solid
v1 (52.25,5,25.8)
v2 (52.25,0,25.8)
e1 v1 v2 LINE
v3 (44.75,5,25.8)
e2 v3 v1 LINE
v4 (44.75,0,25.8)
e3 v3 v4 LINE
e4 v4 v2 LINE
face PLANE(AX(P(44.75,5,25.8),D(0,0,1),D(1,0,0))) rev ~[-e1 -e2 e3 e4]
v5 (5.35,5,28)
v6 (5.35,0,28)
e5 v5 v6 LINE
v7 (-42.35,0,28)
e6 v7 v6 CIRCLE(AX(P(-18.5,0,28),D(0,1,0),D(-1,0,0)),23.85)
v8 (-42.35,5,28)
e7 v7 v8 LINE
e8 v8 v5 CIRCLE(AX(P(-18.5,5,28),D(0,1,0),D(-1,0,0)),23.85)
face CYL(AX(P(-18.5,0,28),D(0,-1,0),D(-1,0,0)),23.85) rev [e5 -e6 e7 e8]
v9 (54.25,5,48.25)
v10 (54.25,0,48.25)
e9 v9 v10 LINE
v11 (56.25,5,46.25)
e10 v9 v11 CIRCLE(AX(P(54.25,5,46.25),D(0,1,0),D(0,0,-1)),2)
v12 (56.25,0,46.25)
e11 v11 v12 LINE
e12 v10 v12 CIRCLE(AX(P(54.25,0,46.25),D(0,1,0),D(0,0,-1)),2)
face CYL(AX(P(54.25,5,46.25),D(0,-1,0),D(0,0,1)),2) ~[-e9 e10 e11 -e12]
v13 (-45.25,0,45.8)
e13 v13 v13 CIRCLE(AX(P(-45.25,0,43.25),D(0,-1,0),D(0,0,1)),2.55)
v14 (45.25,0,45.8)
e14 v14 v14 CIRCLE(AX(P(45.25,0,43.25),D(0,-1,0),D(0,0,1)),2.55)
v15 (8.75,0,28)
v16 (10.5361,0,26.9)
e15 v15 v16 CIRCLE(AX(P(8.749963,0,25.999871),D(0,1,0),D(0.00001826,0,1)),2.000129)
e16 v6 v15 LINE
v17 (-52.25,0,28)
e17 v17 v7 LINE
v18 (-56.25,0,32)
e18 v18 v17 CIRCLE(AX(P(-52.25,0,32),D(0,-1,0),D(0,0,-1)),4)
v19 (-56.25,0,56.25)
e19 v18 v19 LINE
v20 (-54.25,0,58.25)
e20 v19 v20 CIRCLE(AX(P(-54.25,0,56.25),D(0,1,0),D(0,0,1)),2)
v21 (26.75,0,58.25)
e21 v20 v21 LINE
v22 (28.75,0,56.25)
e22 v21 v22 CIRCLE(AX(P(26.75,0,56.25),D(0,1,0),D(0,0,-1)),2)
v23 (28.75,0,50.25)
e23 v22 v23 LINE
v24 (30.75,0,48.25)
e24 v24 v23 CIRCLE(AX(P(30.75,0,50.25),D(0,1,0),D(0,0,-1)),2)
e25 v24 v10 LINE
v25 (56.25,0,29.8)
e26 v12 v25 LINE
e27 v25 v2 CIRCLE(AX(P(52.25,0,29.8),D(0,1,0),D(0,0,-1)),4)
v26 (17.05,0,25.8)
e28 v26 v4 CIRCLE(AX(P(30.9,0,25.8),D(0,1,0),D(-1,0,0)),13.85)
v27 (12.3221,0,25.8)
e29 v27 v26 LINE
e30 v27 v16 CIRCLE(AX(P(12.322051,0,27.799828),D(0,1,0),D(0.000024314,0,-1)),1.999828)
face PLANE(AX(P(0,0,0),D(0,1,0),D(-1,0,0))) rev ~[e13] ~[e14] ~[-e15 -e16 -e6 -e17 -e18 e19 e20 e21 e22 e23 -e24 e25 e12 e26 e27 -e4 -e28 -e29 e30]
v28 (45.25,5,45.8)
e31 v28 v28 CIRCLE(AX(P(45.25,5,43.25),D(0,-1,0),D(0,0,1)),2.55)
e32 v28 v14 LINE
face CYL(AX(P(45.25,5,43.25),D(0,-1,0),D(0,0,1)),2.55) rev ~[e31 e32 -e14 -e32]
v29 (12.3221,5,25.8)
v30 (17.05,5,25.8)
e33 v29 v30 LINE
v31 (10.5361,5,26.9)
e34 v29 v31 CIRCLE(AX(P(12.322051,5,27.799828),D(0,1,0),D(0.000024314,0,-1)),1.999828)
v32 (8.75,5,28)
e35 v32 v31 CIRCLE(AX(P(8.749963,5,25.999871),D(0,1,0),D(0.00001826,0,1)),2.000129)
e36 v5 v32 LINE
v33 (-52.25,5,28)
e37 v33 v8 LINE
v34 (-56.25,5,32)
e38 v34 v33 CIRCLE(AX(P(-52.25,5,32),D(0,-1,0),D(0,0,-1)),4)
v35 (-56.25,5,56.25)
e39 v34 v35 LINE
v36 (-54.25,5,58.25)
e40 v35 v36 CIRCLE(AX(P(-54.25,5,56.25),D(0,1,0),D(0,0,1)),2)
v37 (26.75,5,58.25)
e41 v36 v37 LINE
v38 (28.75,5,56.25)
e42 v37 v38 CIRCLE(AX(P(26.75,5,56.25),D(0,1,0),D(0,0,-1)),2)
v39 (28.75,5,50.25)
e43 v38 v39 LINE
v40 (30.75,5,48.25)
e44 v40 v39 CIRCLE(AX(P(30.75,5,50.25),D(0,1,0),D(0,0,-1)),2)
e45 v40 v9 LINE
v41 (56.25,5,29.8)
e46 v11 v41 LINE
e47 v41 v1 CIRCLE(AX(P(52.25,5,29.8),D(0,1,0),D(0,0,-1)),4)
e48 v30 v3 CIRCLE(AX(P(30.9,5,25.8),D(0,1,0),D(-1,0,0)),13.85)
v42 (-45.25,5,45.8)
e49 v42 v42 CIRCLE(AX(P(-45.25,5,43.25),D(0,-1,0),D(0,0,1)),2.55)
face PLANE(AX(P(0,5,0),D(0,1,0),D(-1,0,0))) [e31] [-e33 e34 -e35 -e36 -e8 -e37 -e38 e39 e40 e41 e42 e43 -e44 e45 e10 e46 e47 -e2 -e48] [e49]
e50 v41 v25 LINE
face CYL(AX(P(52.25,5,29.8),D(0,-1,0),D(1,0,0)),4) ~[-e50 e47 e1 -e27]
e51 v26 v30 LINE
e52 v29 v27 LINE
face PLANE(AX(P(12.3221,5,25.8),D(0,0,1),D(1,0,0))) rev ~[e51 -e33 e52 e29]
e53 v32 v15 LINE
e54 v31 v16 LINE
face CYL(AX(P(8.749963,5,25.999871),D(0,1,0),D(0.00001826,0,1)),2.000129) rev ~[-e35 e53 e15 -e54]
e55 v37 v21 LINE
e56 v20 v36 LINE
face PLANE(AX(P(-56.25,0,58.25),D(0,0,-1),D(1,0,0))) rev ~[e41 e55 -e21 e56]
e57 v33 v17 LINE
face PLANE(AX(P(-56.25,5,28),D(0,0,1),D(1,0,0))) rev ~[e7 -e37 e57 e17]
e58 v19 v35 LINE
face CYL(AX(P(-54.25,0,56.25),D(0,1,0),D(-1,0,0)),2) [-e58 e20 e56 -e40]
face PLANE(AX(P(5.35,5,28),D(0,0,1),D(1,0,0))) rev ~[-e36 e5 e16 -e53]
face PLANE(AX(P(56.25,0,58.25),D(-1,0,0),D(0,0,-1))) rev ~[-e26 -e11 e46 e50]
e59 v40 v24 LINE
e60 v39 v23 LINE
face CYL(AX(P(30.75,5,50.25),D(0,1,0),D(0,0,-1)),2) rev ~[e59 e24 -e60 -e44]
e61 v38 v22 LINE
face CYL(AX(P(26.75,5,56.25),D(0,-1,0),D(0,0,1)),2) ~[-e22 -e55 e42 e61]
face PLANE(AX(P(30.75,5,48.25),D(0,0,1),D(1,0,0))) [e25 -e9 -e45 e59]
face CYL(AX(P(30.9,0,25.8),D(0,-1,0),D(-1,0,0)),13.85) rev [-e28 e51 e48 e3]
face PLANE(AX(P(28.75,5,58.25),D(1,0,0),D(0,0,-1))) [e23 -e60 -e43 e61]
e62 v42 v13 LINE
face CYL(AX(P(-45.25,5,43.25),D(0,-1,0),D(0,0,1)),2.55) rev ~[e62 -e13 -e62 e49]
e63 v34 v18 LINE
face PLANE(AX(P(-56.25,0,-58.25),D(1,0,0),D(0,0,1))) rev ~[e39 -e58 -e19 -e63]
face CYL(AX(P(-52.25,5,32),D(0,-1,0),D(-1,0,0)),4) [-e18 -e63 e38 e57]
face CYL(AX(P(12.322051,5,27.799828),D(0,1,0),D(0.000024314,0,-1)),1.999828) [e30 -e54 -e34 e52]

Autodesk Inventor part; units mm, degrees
ref_plane "YZ Plane" through (0, 0, 0) normal (1, 0, 0) x (0, 1, 0)
ref_plane "XZ Plane" through (0, 0, 0) normal (0, 1, 0) x (-1, 0, 0)
ref_plane "XY Plane" through (0, 0, 0) normal (0, 0, 1) x (1, 0, 0)
sketch "Sketch1" plane through (0, 0, 0) normal (0, 1, 0) x (-1, 0, 0)
  circle A0 centre (18.5, 28) radius 23.85
  circle A1 centre (37, -23.25) radius 13.85
  circle A2 centre (-35, -38.75) radius 13.85
  circle A3 centre (-30.9, 25.8) radius 13.85
  circle A4 centre (0, -23.25) radius 13.85
  line L0 (56.25, 58.25) -> (-56.25, 58.25)
  line L1 (-56.25, -58.25) -> (56.25, -58.25)
  line L2 (0, -105.9299) -> (0, 123.2086) construction
  line L3 (-76.4777, -38.75) -> (-5.35, -38.75) construction
  line L4 (-123.5447, -23.25) -> (82.5572, -23.25) construction
  line L5 (56.25, -58.25) -> (56.25, 58.25)
  line L6 (56.25, 58.25) -> (56.25, -58.25)
  line L7 (-56.25, 58.25) -> (-56.25, -58.25)
  line L8 (100.0459, 28) -> (-13.85, 28) construction
  line L9 (-9.7154, 25.8) -> (-68.4996, 25.8) construction
  line L10 (18.5, 82.6038) -> (18.5, -4.654) construction
  line L11 (-30.9, 82.6038) -> (-30.9, 8.6393) construction
  point P0 (0, 0)
  point P1 (0, 0)
  dimension "d0" = 47.7
  dimension "d1" = 27.7
  dimension "d2" = 27.7
  dimension "d3" = 27.7
  dimension "d4" = 27.7
  dimension "d7" = 37
  dimension "d9" = 30.9
  dimension "d10" = 19.5
  dimension "d11" = 35
  dimension "d12" = 35
  dimension "d13" = 25.8
  dimension "d14" = 28
  dimension "d15" = 56.25
  dimension "d16" = 58.25
  dimension "d17" = 116.5
  dimension "d18" = 112.5
  dimension "d19" = 18.5
  dimension "d20" = 32.45
extrude "Extrusion1" add sketch "Sketch1" along normal blind 5
sketch "Sketch2" plane through (0, 5, 0) normal (0, 1, 0) x (1, 0, 0)
  line L0 (-56.25, 58.25) -> (-56.25, -58.25) projected
  line L1 (-56.25, -58.25) -> (56.25, -58.25) projected
  line L2 (56.25, -58.25) -> (56.25, 58.25) projected
  line L3 (56.25, 58.25) -> (-56.25, 58.25) projected
  circle A0 centre (0, 23.25) radius 13.85 projected
  circle A1 centre (30.9, -25.8) radius 13.85 projected
  circle A2 centre (35, 38.75) radius 13.85 projected
  circle A3 centre (-37, 23.25) radius 13.85 projected
  circle A4 centre (-18.5, -28) radius 23.85 projected
  line L4 (-56.25, 58.25) -> (-56.25, -58.25) projected
  line L5 (-56.25, 23.25) -> (15.75, 23.25)
  line L6 (19.75, 38.75) -> (56.25, 38.75)
  line L7 (56.25, -58.25) -> (56.25, 58.25) projected
  line L8 (17.75, 25.25) -> (17.75, 36.75)
  arc A5 (15.75, 23.25) -> (17.75, 25.25) centre (15.75, 25.25) ccw
  arc A6 (19.75, 38.75) -> (17.75, 36.75) centre (19.75, 36.75) ccw
  point P0 (0, 0)
  point P1 (17.75, 23.25)
  point P2 (17.75, 38.75)
  point P3 (-50.85, 23.25)
  point P4 (-23.15, 23.25)
  point P5 (-13.85, 23.25)
  point P6 (13.85, 23.25)
  point P7 (21.15, 38.75)
  point P8 (48.85, 38.75)
  dimension "d23" = 74
  dimension "d25" = 38.5
  dimension "d26" = 2
  dimension "d27" = 35
  dimension "d28" = 19.5
sketch "Sketch3" plane through (0, 5, 0) normal (0, 1, 0) x (1, 0, 0)
  line L0 (-56.25, -28) -> (8.75, -28)
  line L1 (12.3221, -25.8) -> (56.25, -25.8)
  line L2 (-56.25, 58.25) -> (-56.25, -58.25) projected
  line L3 (-56.25, -58.25) -> (56.25, -58.25) projected
  line L4 (56.25, -58.25) -> (56.25, 58.25) projected
  line L5 (56.25, 58.25) -> (-56.25, 58.25) projected
  circle A0 centre (0, 23.25) radius 13.85 projected
  circle A1 centre (30.9, -25.8) radius 13.85 projected
  circle A2 centre (35, 38.75) radius 13.85 projected
  circle A3 centre (-37, 23.25) radius 13.85 projected
  circle A4 centre (-18.5, -28) radius 23.85 projected
  line L6 (56.25, -58.25) -> (56.25, 58.25) projected
  line L7 (-56.25, 58.25) -> (-56.25, -58.25) projected
  line L8 (10.75, -26) -> (10.75, -25.8)
  arc A5 (8.75, -28) -> (10.5361, -26.9) centre (8.75, -26) ccw
  arc A6 (12.3221, -25.8) -> (10.5361, -26.9) centre (12.3221, -27.8) ccw
  point P0 (0, 0)
  point P1 (10.75, -28)
  point P2 (-42.35, -28)
  point P3 (5.35, -28)
  point P4 (17.05, -25.8)
  point P5 (44.75, -25.8)
  dimension "d29" = 67
  dimension "d30" = 2
extrude "Extrusion2" cut sketch "Sketch2" against normal through all contours L3 L2 L6 A2 A6 L8 A5 L5 A0 A3 L0
extrude "Extrusion3" cut sketch "Sketch3" against normal blind 10 contours A4 L0 L2 L5 L4 L1 A1 A6 A5
sketch "Sketch4" plane through (0, 5, 0) normal (0, 1, 0) x (1, 0, 0)
  line L0 (-56.25, -58.25) -> (56.25, -58.25) projected
  line L1 (56.25, -58.25) -> (28.75, -58.25)
  line L2 (28.75, -58.25) -> (28.75, -50.25)
  line L3 (30.75, -48.25) -> (56.25, -48.25)
  line L4 (56.25, -48.25) -> (56.25, -58.25)
  arc A0 (30.75, -48.25) -> (28.75, -50.25) centre (30.75, -50.25) ccw
  point P0 (0, 0)
  point P1 (28.75, -48.25)
  dimension "d35" = 27.5
  dimension "d36" = 10
  dimension "d37" = 2
extrude "Extrusion4" cut sketch "Sketch4" against normal through all
sketch "Sketch5" plane through (0, 5, 0) normal (0, 1, 0) x (1, 0, 0)
  line L0 (-56.25, -28) -> (-56.25, -58.25) projected
  line L1 (56.25, -48.25) -> (56.25, -25.8) projected
  line L2 (-56.25, -58.25) -> (28.75, -58.25) projected
  line L3 (-51.25, -39.75) -> (-40.25, -39.75)
  line L4 (-40.25, -39.75) -> (-40.25, -46.75)
  line L5 (-40.25, -46.75) -> (-51.25, -46.75)
  line L6 (-51.25, -46.75) -> (-51.25, -39.75)
  line L7 (40.25, -39.75) -> (51.25, -39.75)
  line L8 (51.25, -39.75) -> (51.25, -46.75)
  line L9 (51.25, -46.75) -> (40.25, -46.75)
  line L10 (40.25, -46.75) -> (40.25, -39.75)
  point P0 (0, 0)
  point P1 (-45.25, -43.25)
  point P2 (45.25, -43.25)
  dimension "d40" = 11
  dimension "d41" = 11
  dimension "d42" = 15
  dimension "d43" = 15
  dimension "d44" = 11
  dimension "d45" = 7
  dimension "d46" = 11
  dimension "d47" = 7
  dimension "d48" = 6
  dimension "d49" = 3.5
  dimension "d50" = 6
  dimension "d51" = 3.5
hole "Hole1" at (-45.25, 5, 43.25) at (45.25, 5, 43.25) direction (0, -1, 0) diameter 5.1 end through all
fillet "Fillet1" radius 4 2 edges at (-56.25, 2.5, 28) (56.25, 2.5, 25.8)
fillet "Fillet2" radius 2 3 edges at (-56.25, 2.5, 58.25) (28.75, 2.5, 58.25) (56.25, 2.5, 48.25)
properties part number "Top Bottle Front"
